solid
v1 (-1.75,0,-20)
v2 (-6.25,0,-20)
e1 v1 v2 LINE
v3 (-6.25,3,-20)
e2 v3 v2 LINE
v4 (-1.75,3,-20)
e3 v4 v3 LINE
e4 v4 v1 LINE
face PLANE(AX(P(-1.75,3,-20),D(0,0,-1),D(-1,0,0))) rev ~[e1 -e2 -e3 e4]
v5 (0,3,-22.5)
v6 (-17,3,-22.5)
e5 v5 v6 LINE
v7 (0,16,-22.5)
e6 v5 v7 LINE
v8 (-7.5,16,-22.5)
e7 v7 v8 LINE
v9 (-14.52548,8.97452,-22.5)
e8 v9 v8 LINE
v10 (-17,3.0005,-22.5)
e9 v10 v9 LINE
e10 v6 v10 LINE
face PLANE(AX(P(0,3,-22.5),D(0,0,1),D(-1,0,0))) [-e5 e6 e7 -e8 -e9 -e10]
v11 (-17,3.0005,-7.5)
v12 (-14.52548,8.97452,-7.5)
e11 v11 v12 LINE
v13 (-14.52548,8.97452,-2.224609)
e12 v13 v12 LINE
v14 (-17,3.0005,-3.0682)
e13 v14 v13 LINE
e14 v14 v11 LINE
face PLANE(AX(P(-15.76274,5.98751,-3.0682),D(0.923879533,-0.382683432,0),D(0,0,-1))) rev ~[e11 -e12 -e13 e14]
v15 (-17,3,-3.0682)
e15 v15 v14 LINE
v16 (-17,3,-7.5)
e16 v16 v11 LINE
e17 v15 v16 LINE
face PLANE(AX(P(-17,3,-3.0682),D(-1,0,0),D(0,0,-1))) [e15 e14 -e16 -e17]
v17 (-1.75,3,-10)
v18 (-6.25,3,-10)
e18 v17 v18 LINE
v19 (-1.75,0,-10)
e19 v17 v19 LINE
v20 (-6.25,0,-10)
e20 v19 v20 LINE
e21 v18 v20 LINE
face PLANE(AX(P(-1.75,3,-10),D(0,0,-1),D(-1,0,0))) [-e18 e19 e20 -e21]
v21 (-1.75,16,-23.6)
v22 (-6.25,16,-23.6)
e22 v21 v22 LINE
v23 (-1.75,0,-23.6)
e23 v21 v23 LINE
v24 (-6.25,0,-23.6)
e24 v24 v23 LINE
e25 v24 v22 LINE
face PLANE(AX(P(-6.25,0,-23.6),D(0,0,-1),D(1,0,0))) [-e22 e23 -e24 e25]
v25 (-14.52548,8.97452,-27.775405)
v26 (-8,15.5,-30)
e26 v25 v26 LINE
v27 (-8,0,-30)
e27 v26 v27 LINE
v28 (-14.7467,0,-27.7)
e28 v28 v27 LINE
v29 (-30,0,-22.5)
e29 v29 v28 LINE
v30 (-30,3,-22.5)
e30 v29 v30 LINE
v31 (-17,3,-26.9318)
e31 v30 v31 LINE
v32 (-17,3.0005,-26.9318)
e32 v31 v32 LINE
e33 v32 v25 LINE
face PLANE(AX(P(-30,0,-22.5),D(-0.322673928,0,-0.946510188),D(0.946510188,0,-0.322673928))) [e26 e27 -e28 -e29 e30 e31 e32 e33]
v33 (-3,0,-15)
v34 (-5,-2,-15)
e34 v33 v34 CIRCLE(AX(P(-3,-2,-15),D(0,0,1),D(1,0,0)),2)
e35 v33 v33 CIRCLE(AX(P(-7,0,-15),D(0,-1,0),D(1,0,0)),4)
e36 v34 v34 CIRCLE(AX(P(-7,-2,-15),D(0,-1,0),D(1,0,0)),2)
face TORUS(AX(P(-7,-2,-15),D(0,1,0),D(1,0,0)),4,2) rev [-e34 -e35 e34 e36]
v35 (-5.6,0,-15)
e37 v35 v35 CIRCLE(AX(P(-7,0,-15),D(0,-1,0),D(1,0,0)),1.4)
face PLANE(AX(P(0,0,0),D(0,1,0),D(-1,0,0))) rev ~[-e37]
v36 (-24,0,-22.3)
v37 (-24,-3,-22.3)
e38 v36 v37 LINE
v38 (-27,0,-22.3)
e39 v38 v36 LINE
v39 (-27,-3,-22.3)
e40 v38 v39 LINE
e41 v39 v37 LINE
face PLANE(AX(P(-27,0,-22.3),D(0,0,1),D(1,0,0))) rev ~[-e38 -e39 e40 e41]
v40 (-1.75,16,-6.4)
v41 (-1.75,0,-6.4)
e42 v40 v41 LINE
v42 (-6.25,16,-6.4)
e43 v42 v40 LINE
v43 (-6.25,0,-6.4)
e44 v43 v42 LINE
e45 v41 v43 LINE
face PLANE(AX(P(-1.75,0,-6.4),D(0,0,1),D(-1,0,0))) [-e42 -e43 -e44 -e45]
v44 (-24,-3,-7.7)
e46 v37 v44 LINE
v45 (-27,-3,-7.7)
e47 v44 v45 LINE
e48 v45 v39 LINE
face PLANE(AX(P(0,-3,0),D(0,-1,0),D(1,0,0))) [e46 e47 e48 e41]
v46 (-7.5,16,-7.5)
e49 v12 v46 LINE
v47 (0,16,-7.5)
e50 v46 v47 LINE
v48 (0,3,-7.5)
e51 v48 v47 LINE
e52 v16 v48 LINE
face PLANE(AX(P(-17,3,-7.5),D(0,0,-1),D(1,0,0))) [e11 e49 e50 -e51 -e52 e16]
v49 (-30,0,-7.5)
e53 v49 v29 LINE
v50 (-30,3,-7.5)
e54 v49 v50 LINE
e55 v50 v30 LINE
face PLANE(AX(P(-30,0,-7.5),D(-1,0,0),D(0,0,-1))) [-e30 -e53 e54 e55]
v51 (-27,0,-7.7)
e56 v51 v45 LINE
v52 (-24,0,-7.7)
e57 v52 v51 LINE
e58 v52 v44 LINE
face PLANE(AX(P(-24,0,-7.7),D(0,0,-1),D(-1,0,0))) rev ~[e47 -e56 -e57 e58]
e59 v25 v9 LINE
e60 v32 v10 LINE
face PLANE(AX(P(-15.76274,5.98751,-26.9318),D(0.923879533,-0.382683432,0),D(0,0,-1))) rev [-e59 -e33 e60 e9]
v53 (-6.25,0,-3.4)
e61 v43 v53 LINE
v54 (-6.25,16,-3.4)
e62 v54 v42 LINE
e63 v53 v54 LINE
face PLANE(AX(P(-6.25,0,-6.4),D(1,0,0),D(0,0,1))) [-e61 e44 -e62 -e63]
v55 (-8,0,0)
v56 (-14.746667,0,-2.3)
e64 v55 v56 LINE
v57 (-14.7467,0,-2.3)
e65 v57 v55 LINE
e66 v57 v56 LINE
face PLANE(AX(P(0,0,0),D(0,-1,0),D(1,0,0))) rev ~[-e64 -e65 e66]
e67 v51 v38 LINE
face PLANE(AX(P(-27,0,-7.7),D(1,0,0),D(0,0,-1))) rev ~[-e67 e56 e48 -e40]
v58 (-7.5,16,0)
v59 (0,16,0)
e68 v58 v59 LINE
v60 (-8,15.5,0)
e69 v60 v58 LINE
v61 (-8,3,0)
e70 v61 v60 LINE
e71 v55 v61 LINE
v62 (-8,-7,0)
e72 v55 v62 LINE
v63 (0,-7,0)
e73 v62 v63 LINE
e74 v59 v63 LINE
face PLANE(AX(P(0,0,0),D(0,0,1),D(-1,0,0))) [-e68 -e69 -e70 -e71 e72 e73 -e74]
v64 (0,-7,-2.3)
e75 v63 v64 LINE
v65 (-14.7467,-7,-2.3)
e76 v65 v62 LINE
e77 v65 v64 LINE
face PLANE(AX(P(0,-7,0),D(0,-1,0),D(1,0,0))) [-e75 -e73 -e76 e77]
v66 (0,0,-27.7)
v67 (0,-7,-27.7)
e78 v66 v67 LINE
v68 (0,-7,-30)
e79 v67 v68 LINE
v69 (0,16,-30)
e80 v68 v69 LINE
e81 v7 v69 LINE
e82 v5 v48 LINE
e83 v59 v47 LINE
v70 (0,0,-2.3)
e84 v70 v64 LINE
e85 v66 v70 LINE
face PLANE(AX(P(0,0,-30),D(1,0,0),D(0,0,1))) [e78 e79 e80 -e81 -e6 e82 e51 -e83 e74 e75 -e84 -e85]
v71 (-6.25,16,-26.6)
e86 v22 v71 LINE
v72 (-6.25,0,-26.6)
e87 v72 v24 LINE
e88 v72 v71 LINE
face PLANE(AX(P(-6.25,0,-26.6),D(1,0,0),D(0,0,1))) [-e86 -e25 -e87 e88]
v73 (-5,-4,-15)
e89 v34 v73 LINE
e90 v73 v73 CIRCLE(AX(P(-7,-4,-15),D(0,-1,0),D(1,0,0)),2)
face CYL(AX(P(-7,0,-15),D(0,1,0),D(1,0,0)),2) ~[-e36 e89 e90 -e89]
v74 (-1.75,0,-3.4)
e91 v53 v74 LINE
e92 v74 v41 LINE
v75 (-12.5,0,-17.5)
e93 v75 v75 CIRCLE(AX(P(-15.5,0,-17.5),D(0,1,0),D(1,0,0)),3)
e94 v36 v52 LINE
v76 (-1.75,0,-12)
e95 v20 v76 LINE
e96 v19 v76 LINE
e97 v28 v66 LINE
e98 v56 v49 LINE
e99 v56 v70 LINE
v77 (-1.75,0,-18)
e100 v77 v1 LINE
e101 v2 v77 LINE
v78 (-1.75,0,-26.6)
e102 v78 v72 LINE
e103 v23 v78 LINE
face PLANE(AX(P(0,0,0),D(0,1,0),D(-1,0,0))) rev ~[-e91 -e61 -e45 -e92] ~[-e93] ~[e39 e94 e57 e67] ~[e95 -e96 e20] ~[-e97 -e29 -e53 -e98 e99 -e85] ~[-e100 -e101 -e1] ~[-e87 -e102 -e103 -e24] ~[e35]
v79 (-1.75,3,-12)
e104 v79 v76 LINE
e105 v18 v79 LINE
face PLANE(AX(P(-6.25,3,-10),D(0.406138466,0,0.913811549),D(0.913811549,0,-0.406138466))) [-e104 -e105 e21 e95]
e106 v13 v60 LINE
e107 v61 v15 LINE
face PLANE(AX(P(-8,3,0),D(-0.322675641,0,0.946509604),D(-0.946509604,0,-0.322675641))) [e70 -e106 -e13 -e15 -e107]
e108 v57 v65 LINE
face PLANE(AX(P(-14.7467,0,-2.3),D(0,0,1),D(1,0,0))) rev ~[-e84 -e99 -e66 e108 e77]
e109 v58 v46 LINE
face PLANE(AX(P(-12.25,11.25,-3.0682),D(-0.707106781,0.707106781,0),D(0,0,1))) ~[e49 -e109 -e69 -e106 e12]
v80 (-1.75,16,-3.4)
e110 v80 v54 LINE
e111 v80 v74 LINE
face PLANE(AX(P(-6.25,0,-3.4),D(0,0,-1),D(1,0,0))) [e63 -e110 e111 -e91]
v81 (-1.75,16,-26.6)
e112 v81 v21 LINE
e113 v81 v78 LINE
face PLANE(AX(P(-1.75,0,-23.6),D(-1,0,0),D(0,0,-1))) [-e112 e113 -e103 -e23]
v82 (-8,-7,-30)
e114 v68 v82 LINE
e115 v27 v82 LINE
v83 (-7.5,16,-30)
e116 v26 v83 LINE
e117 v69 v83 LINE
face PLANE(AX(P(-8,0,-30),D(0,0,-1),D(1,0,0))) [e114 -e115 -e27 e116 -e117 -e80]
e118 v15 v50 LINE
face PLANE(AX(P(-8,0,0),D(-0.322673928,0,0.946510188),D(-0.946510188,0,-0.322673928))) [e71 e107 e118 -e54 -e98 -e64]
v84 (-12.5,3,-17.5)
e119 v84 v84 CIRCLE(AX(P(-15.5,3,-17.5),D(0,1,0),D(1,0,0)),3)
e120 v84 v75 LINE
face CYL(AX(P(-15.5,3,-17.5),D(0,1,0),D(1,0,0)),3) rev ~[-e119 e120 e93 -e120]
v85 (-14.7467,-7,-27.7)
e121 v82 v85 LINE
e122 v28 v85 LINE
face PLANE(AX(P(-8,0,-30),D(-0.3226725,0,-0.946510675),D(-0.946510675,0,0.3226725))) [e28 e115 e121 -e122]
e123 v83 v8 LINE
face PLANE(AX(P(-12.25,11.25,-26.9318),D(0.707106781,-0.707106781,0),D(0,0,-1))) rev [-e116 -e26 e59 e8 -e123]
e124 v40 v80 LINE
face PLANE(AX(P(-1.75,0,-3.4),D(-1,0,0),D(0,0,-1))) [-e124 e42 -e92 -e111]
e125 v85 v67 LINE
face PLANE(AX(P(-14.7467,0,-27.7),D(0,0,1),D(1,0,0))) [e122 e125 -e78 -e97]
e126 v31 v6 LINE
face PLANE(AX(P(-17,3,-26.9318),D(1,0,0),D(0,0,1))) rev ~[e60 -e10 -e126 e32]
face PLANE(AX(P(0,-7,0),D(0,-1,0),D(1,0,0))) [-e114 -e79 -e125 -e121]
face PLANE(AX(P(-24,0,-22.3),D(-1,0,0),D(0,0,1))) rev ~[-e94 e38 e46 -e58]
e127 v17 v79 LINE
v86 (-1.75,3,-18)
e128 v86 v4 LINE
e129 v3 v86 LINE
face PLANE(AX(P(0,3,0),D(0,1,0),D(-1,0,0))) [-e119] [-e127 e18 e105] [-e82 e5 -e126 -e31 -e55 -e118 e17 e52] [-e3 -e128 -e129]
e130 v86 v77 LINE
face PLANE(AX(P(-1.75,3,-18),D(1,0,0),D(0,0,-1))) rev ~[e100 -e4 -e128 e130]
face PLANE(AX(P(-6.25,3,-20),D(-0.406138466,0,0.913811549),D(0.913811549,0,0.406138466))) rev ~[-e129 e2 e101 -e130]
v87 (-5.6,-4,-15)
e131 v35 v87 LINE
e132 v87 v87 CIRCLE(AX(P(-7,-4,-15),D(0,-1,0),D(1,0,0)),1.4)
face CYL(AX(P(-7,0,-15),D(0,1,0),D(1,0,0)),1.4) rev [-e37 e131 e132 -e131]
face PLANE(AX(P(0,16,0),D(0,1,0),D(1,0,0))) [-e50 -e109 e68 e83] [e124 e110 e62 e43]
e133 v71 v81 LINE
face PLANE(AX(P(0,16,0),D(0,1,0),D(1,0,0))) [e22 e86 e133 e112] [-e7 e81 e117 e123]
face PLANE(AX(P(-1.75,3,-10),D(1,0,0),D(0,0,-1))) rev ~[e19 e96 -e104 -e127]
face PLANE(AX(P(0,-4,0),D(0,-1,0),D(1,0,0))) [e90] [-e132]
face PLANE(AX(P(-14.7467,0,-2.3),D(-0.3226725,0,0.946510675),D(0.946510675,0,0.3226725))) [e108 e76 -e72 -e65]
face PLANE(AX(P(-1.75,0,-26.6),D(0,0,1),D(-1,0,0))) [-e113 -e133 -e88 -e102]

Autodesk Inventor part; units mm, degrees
ref_plane "YZ Plane" through (0, 0, 0) normal (1, 0, 0) x (0, 1, 0)
ref_plane "XZ Plane" through (0, 0, 0) normal (0, 1, 0) x (-1, 0, 0)
ref_plane "XY Plane" through (0, 0, 0) normal (0, 0, 1) x (1, 0, 0)
sketch "Sketch1" plane through (0, 0, 0) normal (0, 1, 0) x (-1, 0, 0)
  line L0 (0, 0) -> (8, 0)
  line L1 (8, -30) -> (0, -30)
  line L2 (0, -30) -> (0, 0)
  line L3 (6.25, -3.4) -> (1.75, -3.4)
  line L4 (1.75, -3.4) -> (1.75, -6.4)
  line L5 (1.75, -6.4) -> (6.25, -6.4)
  line L6 (6.25, -6.4) -> (6.25, -3.4)
  line L7 (6.25, -23.6) -> (1.75, -23.6)
  line L8 (1.75, -23.6) -> (1.75, -26.6)
  line L9 (1.75, -26.6) -> (6.25, -26.6)
  line L10 (6.25, -26.6) -> (6.25, -23.6)
  line L11 (8, 0) -> (30, -7.5)
  line L12 (30, -7.5) -> (30, -22.5)
  line L13 (30, -22.5) -> (8, -30)
  dimension "d0" = 30
  dimension "d1" = 8
  dimension "d2" = 4.5
  dimension "d3" = 3
  dimension "d4" = 3
  dimension "d5" = 17.2
  dimension "d6" = 3.4
  dimension "d7" = 1.75
  dimension "d8" = 15
  dimension "d9" = 7.5
  dimension "d10" = 22
  dimension "d11" = 22
extrude "Extrusion1" add sketch "Sketch1" along normal blind 3
sketch "Sketch2" plane through (0, 0, 0) normal (0, -1, 0) x (1, 0, 0)
  line L0 (0, -30) -> (-8, -30) projected
  line L1 (0, -30) -> (-8, -30)
  line L2 (-8, -30) -> (-14.7467, -27.7)
  line L3 (-8, -30) -> (-30, -22.5) projected
  line L4 (-14.7467, -27.7) -> (0, -27.7)
  line L5 (0, 0) -> (0, -30) projected
  line L6 (0, -27.7) -> (0, -30)
  line L7 (-14.7467, -2.3) -> (-8, 0)
  line L8 (-8, 0) -> (0, 0)
  line L9 (-14.7467, -2.3) -> (0, -2.3)
  line L10 (0, 0) -> (0, -2.3)
  dimension "d14" = 2.3
  dimension "d15" = 2.3
  dimension "d26" = 14.7467
extrude "Extrusion2" add sketch "Sketch2" along normal blind 7
sketch "Sketch3" plane through (0, 0, 0) normal (0, -1, 0) x (1, 0, 0)
  line L0 (-27, -22.3) -> (-24, -22.3)
  line L1 (-24, -22.3) -> (-24, -7.7)
  line L2 (-24, -7.7) -> (-27, -7.7)
  line L3 (-27, -7.7) -> (-27, -22.3)
  line L4 (0, -2.3) -> (0, -27.7) projected
  circle A0 centre (-7, -15) radius 1.4
  circle A1 centre (-7, -15) radius 2
  line L5 (-8, -30) -> (0, -30) projected
  point P0 (0, 0)
  point P1 (-30, -7.5)
  point P2 (-30, -22.5)
  dimension "d27" = 3
  dimension "d28" = 24
  dimension "d29" = 14.6
  dimension "d30" = 0.2
  dimension "d31" = 2.8
  dimension "d32" = 4
  dimension "d33" = 7
  dimension "d34" = 15
extrude "Extrusion3" add sketch "Sketch3" along normal blind 4
fillet "Fillet1" radius 2 1 edges at (-9, 0, -15)
sketch "Sketch4" plane through (0, 3, 0) normal (0, 1, 0) x (1, 0, 0)
  circle A0 centre (-7, 15) radius 2 projected
  circle A1 centre (-7, 15) radius 1.4 projected
  circle A2 centre (-7, 15) radius 4 projected
  line L0 (-1.75, 10) -> (-6.25, 10)
  line L1 (-6.25, 10) -> (-1.75, 12)
  line L2 (-1.75, 10) -> (-1.75, 12)
  line L3 (-1.75, 18) -> (-1.75, 20)
  line L4 (-1.75, 20) -> (-6.25, 20)
  line L5 (-6.25, 20) -> (-1.75, 18)
  point P0 (0, 0)
  point P1 (-6.25, 6.4)
  point P2 (-1.75, 6.4)
  point P3 (-6.25, 23.6)
  point P4 (-1.75, 23.6)
  dimension "d38" = 3
  dimension "d39" = 2
  dimension "d40" = 2
  dimension "d41" = 3
extrude "Extrusion4" cut sketch "Sketch4" against normal blind 5 contours L0 L1 L2 | L5 L4 L3
sketch "Sketch5" plane through (0, 3, 0) normal (0, 1, 0) x (1, 0, 0)
  circle A0 centre (-15.5, 17.5) radius 3
  line L0 (0, 0) -> (0, 30) projected
  point P0 (-30, 22.5)
  dimension "d44" = 6
  dimension "d45" = 15.5
  dimension "d46" = 5
extrude "Extrusion5" cut sketch "Sketch5" against normal blind 5
sketch "Sketch6" plane through (0, 3, 0) normal (0, 1, 0) x (1, 0, 0)
  line L0 (-6.25, 26.6) -> (-1.75, 26.6) projected
  line L1 (-1.75, 23.6) -> (-6.25, 23.6) projected
  line L2 (-6.25, 26.6) -> (-1.75, 26.6)
  line L3 (-1.75, 26.6) -> (-1.75, 23.6)
  line L4 (-1.75, 23.6) -> (-6.25, 23.6)
  line L5 (-6.25, 23.6) -> (-6.25, 26.6)
  line L6 (-6.25, 6.4) -> (-1.75, 6.4) projected
  line L7 (-6.25, 6.4) -> (-1.75, 6.4)
  line L8 (-1.75, 6.4) -> (-1.75, 3.4)
  line L9 (-1.75, 3.4) -> (-6.25, 3.4)
  line L10 (-6.25, 3.4) -> (-6.25, 6.4)
  line L11 (-8, 0) -> (0, 0) projected
  line L12 (0, 0) -> (-8, 0)
  line L13 (0, 0) -> (0, 30) projected
  line L14 (0, 7.5) -> (0, 0)
  line L15 (0, 30) -> (-8, 30)
  line L16 (0, 22.5) -> (0, 30)
  line L17 (-8, 30) -> (-30, 22.5) projected
  line L18 (-8, 30) -> (-17, 26.9318)
  line L19 (0, 22.5) -> (-17, 22.5)
  line L20 (-17, 26.9318) -> (-17, 22.5)
  line L21 (-8, 0) -> (-17, 3.0682)
  line L22 (-30, 7.5) -> (-8, 0) projected
  line L23 (-17, 3.0682) -> (-17, 7.5)
  line L24 (-17, 7.5) -> (0, 7.5)
  dimension "d52" = 3
  dimension "d55" = 17
  dimension "d56" = 1.1
  dimension "d57" = 17
  dimension "d58" = 1.1
extrude "Extrusion7" add sketch "Sketch6" along normal blind 13
chamfer "Chamfer1" distance 9.5 angle 45 2 edges at (-17, 16, -24.7159) (-17, 16, -5.2841)
chamfer "Chamfer2" distance 3.5 angle 45 2 edges at (-17, 6.5, -5.2841) (-17, 6.5, -24.7159)
sketch "Sketch9" plane through (0, -4, 0) normal (0, -1, 0) x (1, 0, 0)
  line L0 (-27, -22.3) -> (-24, -22.3) projected
  line L1 (-24, -22.3) -> (-24, -7.7) projected
  line L2 (-27, -22.3) -> (-24, -22.3)
  line L3 (-24, -22.3) -> (-24, -7.7)
  line L4 (-24, -7.7) -> (-27, -7.7)
  line L5 (-27, -7.7) -> (-27, -22.3)
  point P0 (0, 0)
extrude "Extrusion10" cut sketch "Sketch9" against normal blind 1
properties part number "IRMount_top"
